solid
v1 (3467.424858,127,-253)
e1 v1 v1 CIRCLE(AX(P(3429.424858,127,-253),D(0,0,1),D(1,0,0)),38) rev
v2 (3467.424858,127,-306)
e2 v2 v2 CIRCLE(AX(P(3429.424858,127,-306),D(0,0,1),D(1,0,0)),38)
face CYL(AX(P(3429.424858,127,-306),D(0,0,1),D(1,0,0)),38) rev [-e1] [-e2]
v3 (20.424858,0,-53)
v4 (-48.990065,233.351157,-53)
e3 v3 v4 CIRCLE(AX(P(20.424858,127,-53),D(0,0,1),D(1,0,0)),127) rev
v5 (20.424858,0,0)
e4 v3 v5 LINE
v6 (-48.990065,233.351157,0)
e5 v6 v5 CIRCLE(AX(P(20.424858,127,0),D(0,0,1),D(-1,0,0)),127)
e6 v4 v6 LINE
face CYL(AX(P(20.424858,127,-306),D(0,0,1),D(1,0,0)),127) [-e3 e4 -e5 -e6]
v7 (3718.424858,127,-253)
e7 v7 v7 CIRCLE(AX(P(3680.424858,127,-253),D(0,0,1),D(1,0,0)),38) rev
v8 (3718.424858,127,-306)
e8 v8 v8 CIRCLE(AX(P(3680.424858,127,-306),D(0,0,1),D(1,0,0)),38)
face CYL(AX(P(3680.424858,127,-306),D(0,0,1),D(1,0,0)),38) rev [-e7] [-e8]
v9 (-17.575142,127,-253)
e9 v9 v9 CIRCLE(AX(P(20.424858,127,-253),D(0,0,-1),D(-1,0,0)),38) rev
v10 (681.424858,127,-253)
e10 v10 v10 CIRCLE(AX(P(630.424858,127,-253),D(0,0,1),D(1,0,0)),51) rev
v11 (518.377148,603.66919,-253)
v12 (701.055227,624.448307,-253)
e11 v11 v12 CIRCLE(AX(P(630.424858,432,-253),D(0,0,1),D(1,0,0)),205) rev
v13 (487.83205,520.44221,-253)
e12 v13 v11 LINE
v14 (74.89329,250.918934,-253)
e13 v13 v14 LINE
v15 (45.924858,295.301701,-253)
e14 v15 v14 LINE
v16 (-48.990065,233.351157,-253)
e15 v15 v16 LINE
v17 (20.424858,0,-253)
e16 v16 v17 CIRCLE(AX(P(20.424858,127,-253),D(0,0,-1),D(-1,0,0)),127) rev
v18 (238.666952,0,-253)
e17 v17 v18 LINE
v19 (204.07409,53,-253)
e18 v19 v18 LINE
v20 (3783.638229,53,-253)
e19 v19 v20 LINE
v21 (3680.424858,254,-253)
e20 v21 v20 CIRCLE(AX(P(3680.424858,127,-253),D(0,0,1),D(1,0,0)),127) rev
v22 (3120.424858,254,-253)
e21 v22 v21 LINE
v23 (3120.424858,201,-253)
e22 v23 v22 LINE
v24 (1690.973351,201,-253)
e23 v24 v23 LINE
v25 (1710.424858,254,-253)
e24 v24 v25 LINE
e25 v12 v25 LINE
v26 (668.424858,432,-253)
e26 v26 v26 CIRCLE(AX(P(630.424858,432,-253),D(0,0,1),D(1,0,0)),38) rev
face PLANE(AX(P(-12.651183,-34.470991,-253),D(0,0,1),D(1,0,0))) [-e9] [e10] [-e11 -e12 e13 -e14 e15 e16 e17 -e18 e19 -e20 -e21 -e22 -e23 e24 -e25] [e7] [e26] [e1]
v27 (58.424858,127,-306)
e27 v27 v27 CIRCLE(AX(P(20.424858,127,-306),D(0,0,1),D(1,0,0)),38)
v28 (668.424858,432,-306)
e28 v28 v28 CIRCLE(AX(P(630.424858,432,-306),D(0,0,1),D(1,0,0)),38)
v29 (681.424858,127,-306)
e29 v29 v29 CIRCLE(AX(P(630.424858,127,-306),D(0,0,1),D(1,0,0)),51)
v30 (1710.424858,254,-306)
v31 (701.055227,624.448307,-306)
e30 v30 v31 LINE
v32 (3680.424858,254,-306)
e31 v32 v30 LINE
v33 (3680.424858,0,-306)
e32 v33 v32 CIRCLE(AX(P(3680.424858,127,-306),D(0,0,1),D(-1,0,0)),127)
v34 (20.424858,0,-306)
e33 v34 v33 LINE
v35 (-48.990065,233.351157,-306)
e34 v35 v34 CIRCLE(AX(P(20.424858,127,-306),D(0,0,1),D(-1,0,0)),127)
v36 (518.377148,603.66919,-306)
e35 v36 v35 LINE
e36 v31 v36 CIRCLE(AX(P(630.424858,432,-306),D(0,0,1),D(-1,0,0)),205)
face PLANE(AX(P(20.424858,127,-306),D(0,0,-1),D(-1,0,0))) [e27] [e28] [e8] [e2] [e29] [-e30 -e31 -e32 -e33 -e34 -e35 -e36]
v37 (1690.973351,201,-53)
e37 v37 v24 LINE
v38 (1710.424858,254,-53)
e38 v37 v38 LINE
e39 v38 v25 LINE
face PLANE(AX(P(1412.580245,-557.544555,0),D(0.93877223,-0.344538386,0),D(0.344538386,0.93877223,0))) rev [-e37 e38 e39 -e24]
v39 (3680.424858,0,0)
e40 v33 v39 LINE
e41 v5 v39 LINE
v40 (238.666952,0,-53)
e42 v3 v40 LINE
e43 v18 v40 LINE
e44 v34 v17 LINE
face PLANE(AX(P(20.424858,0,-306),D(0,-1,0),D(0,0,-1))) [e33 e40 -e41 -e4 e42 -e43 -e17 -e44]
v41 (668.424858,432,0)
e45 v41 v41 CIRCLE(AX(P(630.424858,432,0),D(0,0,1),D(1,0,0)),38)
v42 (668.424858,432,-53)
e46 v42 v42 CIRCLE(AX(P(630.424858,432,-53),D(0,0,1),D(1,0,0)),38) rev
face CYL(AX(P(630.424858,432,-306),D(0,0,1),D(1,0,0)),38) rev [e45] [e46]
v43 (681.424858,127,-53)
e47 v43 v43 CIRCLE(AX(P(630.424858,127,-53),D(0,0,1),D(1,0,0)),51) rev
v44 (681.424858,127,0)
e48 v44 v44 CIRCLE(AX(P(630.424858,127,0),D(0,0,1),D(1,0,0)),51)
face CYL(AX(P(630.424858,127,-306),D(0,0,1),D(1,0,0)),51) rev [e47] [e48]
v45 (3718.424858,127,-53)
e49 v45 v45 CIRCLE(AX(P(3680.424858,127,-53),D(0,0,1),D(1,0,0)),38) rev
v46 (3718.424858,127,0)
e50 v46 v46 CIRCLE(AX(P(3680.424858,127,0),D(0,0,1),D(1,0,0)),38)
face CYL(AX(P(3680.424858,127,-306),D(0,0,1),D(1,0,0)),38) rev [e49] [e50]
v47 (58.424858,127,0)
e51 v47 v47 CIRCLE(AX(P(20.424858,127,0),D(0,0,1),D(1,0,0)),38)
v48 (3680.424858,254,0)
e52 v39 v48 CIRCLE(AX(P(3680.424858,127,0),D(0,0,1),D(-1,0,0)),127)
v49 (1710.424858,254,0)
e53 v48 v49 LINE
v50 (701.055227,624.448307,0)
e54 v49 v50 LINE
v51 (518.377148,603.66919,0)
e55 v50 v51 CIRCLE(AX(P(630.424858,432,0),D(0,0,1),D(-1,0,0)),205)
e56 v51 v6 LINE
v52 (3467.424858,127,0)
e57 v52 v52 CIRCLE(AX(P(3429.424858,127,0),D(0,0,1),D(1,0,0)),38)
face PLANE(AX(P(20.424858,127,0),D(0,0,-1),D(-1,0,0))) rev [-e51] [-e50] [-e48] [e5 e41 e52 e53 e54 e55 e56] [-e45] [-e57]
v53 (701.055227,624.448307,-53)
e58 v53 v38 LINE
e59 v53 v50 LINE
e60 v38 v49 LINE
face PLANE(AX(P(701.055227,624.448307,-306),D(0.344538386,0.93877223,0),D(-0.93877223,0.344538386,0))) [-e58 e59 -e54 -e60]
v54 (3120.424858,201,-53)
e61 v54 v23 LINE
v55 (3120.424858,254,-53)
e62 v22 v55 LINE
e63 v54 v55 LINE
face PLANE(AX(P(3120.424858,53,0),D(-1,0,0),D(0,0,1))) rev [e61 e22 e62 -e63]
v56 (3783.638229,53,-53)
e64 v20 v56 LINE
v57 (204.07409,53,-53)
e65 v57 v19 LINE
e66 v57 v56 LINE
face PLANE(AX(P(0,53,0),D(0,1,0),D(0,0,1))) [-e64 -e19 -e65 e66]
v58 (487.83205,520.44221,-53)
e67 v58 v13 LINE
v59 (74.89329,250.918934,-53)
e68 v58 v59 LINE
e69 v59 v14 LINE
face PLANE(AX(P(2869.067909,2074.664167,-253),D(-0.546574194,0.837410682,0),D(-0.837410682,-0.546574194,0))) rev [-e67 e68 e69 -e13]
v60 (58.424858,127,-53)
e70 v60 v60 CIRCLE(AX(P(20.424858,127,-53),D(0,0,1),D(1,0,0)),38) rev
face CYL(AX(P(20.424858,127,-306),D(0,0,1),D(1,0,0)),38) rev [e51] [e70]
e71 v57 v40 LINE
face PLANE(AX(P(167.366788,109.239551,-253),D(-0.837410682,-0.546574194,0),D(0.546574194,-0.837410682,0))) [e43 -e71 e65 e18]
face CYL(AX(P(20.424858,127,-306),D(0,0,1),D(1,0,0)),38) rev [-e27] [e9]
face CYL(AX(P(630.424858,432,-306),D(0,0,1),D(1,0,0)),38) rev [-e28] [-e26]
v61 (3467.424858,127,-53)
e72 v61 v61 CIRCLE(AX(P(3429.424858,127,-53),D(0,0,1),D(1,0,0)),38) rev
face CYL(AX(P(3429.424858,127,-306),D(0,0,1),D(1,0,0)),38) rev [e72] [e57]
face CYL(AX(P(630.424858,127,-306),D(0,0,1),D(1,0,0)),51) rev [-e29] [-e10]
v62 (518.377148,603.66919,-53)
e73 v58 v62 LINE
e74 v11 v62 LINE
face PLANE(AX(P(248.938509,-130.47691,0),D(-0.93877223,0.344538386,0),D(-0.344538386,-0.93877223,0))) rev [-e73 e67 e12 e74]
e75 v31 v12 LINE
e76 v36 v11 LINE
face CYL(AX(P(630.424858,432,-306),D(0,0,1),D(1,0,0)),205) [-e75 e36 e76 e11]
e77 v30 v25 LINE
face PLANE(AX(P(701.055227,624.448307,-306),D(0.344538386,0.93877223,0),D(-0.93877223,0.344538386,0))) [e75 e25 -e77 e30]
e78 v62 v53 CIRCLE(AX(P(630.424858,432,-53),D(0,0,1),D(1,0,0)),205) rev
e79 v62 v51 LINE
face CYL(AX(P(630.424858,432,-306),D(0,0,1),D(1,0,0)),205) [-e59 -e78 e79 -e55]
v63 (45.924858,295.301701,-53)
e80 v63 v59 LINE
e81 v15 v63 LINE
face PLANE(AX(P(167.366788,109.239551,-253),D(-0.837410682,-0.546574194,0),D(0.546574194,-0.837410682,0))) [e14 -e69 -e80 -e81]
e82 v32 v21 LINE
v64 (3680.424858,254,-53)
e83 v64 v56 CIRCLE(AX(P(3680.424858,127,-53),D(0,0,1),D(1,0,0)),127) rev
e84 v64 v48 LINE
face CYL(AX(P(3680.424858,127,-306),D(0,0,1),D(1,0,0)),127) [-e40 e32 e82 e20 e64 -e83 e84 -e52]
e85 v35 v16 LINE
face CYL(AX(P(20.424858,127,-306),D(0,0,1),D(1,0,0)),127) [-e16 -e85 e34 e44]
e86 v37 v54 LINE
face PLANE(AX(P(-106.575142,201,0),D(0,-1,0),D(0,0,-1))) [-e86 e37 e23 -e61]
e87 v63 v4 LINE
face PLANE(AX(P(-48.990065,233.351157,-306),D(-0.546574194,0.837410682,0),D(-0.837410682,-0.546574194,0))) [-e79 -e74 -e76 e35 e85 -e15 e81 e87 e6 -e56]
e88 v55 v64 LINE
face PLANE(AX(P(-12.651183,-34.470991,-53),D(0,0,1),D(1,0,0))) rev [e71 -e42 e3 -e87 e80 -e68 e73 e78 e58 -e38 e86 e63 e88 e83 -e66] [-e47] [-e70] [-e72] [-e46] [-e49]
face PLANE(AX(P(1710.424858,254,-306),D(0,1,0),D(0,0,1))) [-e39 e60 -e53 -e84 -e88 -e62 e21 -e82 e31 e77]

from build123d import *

# Parameters (mm, degrees)
SKETCH1_R           = 38
SKETCH1_R_2         = 51
BOSS_EXTRUDE1_DEPTH = 306
SKETCH8_W           = 1075.201841516
SKETCH8_H           = 200
SKETCH8_W_2         = 164.33390396
CUT_EXTRUDE5_DEPTH  = 3620.888611426
SKETCH2_W           = 560
SKETCH2_H           = 200
SKETCH2_W_2         = 127
CUT_EXTRUDE10_DEPTH = 201
SKETCH15_W          = 200
SKETCH15_H          = 148
CUT_EXTRUDE11_DEPTH = 3304.473020928
CUT_EXTRUDE12_START = -53
SKETCH16_R          = 38
CUT_EXTRUDE12_DEPTH = 200
SKETCH18_W          = 200
SKETCH18_H          = 203.424864611
CUT_EXTRUDE13_DEPTH = 3691.825090025


with BuildPart() as part:
    # Sketch1 → Boss-Extrude1 (new body)
    with BuildSketch(Plane.XY):
        with BuildLine():
            Line((20.424857609, 0), (3680.424857609, 0))
            ThreePointArc((3680.424857609, 0), (3807.424857609, 127), (3680.424857609, 254))
            Line((3680.424857609, 254), (1710.424857609, 254))
            Line((1710.424857609, 254), (701.055226762, 624.448307224))
            ThreePointArc((701.055226762, 624.448307224), (607.25608652, 635.686543606), (518.377147917, 603.669189876))
            Line((518.377147917, 603.669189876), (-48.990064981, 233.351156655))
            ThreePointArc((-48.990064981, 233.351156655), (-101.303522186, 90.789482848), (20.424857609, 0))
        make_face()
        with Locations((20.424857609, 127)):
            Circle(SKETCH1_R, mode=Mode.SUBTRACT)
        with Locations((630.424857609, 127)):
            Circle(SKETCH1_R_2, mode=Mode.SUBTRACT)
        with Locations((630.424857609, 432)):
            Circle(SKETCH1_R, mode=Mode.SUBTRACT)
        with Locations((3680.424857609, 127)):
            Circle(SKETCH1_R, mode=Mode.SUBTRACT)
        with Locations((3429.424857609, 127)):
            Circle(SKETCH1_R, mode=Mode.SUBTRACT)
    extrude(amount=-BOSS_EXTRUDE1_DEPTH)

    # Sketch8 → Cut-Extrude5 (cut, through all)
    with BuildSketch(Plane(origin=(285.193429172, 777.073563867, 0), x_dir=(0.9387722303591257, -0.3445383861147445, 0), z_dir=(0.3445383861147445, 0.9387722303591257, 0))):
        with Locations((980.585687608, 153)):
            Rectangle(SKETCH8_W, SKETCH8_H)
        with Locations((360.81781487, 153)):
            Rectangle(SKETCH8_W_2, SKETCH8_H)
    extrude(amount=-CUT_EXTRUDE5_DEPTH, mode=Mode.SUBTRACT)

    # Sketch2 → Cut-Extrude10 (cut)
    with BuildSketch(Plane(origin=(0, 254, 0), x_dir=(1, 0, 0), z_dir=(0, 1, 0))):
        with Locations((3400.424857609, 153)):
            Rectangle(SKETCH2_W, SKETCH2_H)
        with Locations((3743.924857609, 153)):
            Rectangle(SKETCH2_W_2, SKETCH2_H)
    extrude(amount=-CUT_EXTRUDE10_DEPTH, mode=Mode.SUBTRACT)

    # Sketch15 → Cut-Extrude11 (cut, through all)
    with BuildSketch(Plane(origin=(3120.424857609, 0, 0), x_dir=(0, 0, -1), z_dir=(1, 0, 0))):
        with Locations((153, 127)):
            Rectangle(SKETCH15_W, SKETCH15_H)
    extrude(amount=-CUT_EXTRUDE11_DEPTH, mode=Mode.SUBTRACT)

    # Sketch16 → Cut-Extrude12 (cut)
    with BuildSketch(Plane.XY.offset(CUT_EXTRUDE12_START)):
        with BuildLine():
            Line((45.924857609, 295.301700602), (-48.990064981, 233.351156655))
            ThreePointArc((-48.990064981, 233.351156655), (-101.303522186, 90.789482848), (20.424857609, 0))
            Line((20.424857609, 0), (238.666952125, 0))
            Line((238.666952125, 0), (45.924857609, 295.301700602))
        make_face()
        with Locations((20.424857609, 127)):
            Circle(SKETCH16_R, mode=Mode.SUBTRACT)
    extrude(amount=-CUT_EXTRUDE12_DEPTH, mode=Mode.SUBTRACT)

    # Sketch18 → Cut-Extrude13 (cut, through all)
    with BuildSketch(Plane(origin=(167.36678752, 109.239550986, 0), x_dir=(0, 0, 1), z_dir=(-0.8374106823227343, -0.5465741936203838, 0))):
        with Locations((-153, 67.475024273)):
            Rectangle(SKETCH18_W, SKETCH18_H)
    extrude(amount=-CUT_EXTRUDE13_DEPTH, mode=Mode.SUBTRACT)

    # loft from a face of the part (loft7)
    loft([part.faces().sort_by_distance((1626.930182004, 26.5, -153))[0], part.faces().sort_by_distance((306.550535705, 26.5, -153))[0]])


solid = part.part
